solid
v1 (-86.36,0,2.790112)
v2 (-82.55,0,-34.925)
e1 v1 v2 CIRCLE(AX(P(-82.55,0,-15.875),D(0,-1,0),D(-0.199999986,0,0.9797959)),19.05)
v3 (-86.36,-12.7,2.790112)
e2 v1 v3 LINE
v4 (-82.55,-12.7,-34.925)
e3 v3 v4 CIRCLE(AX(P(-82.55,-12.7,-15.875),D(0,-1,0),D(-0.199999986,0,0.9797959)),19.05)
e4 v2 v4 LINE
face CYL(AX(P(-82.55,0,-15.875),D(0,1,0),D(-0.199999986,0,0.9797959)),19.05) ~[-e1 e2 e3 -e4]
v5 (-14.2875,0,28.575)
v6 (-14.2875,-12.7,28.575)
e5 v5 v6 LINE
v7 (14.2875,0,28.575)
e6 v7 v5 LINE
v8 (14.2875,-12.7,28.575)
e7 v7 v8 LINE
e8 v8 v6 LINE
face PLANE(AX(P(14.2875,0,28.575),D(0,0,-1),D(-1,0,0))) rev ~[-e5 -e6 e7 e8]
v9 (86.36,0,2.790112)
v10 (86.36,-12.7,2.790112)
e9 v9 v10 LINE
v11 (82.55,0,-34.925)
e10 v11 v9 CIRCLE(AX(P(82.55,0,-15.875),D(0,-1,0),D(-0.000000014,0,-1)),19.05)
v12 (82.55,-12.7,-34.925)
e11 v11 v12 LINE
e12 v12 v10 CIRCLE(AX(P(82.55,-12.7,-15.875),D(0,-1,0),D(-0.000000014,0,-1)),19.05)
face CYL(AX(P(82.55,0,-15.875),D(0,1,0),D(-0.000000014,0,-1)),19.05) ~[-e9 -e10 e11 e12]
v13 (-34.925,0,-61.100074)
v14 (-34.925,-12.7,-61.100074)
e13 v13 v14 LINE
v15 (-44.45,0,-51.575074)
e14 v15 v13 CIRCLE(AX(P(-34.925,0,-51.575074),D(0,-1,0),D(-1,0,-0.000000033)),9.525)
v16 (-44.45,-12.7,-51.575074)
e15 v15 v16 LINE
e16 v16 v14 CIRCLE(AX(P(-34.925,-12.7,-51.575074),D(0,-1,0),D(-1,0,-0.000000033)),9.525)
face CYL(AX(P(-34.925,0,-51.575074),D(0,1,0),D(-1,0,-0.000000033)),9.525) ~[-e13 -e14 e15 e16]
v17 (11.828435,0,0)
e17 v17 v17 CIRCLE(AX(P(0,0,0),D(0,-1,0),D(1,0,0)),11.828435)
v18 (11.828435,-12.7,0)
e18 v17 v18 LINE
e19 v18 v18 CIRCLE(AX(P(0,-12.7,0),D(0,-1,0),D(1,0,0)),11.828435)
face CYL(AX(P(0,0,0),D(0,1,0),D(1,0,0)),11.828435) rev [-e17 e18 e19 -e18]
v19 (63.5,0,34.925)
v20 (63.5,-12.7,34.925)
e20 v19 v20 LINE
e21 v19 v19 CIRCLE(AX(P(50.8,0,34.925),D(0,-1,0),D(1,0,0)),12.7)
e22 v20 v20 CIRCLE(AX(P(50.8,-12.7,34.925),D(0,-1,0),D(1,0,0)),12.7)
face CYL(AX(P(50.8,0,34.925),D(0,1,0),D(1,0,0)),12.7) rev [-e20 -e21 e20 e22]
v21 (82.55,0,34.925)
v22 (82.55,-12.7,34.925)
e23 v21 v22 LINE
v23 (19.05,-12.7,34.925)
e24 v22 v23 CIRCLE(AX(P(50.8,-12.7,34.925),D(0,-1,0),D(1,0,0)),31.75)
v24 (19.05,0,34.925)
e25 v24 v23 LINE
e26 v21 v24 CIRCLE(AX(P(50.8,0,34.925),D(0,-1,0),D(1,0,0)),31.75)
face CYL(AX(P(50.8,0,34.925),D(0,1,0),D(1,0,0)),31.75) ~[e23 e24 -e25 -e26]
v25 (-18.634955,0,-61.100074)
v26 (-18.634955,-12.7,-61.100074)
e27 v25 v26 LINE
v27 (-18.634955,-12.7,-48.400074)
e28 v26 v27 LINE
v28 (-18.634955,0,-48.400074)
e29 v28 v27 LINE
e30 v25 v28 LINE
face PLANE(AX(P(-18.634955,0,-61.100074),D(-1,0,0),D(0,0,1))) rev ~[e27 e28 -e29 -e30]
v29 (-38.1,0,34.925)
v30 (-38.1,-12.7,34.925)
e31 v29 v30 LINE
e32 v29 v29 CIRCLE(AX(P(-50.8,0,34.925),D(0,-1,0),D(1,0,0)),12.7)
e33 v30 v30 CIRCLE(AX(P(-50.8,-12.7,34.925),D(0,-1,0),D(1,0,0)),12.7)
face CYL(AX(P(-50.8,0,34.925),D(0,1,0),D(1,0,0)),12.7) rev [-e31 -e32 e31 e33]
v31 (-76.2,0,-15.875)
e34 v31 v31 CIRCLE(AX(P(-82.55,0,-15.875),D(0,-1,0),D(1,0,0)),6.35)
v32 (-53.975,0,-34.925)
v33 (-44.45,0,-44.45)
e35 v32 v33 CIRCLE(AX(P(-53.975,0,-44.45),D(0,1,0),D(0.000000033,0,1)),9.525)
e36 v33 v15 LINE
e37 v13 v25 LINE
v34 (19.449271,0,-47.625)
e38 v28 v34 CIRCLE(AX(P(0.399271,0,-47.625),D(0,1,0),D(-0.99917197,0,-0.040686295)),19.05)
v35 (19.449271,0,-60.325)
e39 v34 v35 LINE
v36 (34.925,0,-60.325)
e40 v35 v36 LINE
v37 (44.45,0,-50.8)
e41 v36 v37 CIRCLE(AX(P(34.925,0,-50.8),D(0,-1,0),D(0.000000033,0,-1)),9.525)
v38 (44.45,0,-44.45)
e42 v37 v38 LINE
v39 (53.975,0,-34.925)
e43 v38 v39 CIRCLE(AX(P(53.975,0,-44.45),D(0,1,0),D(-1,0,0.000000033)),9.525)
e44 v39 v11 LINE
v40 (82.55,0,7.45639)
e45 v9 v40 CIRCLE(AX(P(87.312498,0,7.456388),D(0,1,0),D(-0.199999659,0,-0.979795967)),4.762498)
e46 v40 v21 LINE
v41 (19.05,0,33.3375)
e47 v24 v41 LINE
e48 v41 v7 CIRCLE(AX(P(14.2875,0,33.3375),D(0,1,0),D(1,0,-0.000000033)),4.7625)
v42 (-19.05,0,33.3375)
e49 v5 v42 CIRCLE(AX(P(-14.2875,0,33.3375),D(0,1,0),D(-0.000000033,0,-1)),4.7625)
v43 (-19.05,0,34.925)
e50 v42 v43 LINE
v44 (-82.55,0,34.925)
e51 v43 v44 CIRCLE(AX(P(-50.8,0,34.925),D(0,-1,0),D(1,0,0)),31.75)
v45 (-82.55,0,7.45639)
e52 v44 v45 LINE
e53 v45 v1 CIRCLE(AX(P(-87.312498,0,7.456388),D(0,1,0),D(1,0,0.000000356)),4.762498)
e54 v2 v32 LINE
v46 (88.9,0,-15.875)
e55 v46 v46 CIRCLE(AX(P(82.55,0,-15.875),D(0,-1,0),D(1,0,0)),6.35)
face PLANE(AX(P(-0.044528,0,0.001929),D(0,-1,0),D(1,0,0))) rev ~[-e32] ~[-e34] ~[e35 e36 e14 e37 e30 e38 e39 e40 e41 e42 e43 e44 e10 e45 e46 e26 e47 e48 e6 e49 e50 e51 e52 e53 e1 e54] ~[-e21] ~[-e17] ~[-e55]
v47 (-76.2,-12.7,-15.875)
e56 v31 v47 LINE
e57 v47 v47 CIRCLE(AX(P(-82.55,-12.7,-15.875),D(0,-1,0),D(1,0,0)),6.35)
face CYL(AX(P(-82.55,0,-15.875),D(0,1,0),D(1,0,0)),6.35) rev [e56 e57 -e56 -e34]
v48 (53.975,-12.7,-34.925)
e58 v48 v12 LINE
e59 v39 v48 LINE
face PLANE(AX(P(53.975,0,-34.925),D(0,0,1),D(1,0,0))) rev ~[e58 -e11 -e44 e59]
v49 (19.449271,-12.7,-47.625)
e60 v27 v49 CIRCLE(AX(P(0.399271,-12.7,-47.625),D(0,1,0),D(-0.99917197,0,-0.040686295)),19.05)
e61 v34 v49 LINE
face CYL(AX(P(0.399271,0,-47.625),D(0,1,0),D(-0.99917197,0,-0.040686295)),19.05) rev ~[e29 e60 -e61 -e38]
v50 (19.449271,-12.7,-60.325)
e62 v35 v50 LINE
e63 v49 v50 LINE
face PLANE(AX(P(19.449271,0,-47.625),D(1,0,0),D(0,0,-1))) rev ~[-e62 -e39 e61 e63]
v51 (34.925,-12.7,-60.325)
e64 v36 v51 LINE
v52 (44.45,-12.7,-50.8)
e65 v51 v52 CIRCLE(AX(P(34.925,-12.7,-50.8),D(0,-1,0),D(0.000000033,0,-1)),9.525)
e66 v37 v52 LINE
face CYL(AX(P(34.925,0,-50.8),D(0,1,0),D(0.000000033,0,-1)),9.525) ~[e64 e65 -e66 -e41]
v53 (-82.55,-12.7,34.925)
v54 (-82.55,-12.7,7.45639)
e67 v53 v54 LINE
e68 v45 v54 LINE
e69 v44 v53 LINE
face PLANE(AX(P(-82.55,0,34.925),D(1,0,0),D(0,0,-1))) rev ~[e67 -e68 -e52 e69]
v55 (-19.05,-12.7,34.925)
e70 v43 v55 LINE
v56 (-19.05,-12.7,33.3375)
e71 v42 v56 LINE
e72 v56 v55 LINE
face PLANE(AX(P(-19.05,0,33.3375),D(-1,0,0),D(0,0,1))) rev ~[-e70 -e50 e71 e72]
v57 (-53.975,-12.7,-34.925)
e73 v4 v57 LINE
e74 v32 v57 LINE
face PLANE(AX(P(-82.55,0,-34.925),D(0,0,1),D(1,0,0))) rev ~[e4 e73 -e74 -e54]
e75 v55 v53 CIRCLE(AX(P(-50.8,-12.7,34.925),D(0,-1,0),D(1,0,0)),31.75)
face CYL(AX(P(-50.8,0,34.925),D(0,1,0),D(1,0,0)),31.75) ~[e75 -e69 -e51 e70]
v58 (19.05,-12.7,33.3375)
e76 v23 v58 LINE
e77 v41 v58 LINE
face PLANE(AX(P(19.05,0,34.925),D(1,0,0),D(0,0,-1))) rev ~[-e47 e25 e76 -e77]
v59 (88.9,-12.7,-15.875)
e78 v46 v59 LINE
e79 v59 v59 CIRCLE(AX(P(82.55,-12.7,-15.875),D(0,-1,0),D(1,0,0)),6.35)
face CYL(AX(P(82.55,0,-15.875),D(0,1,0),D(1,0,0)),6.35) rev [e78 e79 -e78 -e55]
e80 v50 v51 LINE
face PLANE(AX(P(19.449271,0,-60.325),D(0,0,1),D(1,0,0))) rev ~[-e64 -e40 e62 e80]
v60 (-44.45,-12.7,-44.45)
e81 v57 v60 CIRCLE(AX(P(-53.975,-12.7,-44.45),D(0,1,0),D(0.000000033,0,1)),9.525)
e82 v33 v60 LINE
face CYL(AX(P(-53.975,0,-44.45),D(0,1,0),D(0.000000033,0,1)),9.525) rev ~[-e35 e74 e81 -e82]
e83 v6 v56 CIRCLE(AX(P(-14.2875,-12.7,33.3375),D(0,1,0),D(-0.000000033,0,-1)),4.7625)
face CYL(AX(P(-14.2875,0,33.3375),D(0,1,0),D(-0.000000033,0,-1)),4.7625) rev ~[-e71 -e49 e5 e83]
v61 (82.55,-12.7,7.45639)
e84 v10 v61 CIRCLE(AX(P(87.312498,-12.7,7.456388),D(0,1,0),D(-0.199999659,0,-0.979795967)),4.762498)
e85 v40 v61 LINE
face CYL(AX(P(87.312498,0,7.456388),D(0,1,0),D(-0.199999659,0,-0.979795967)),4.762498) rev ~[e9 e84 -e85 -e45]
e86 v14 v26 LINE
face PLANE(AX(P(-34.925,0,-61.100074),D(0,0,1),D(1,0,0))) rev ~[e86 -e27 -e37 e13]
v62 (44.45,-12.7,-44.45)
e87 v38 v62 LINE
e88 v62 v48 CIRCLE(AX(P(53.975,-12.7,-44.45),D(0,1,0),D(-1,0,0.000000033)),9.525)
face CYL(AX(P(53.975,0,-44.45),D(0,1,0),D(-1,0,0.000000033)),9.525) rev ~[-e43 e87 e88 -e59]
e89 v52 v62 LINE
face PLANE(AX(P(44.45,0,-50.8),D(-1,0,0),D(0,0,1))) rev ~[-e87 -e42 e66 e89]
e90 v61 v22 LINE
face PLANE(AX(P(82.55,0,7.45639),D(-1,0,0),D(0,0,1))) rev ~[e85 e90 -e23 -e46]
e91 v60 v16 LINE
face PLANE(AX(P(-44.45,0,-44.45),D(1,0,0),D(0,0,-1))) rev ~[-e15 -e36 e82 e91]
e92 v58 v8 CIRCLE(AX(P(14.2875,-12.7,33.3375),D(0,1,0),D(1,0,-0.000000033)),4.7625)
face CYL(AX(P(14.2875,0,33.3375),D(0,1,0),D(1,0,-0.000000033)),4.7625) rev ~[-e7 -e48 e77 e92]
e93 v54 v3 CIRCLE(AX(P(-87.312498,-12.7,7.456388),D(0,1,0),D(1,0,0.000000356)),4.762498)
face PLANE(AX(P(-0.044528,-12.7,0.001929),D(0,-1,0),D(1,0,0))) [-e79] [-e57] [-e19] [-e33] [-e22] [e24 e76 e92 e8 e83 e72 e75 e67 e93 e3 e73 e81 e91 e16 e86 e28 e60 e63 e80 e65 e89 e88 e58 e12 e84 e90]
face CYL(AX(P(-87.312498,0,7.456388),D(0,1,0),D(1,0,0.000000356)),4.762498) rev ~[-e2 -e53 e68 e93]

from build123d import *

# Parameters (mm, degrees)
F0_R     = 7.9375
F0_R_2   = 11.828435
F0_R_3   = 12.7
F0_R_4   = 6.35
F1_DEPTH = 12.7


with BuildPart() as f1:
    # F0 (on Front) → F1 (new body)
    with BuildSketch(Plane.XZ):
        with BuildLine():
            Line((82.55, 7.45639), (82.55, 34.925))
            ThreePointArc((82.55, 34.925), (50.8, 66.675), (19.05, 34.925))
            Line((19.05, 34.925), (19.05, 33.3375))
            ThreePointArc((19.05, 33.3375), (17.655096, 29.969904), (14.2875, 28.575))
            Line((14.2875, 28.575), (-14.2875, 28.575))
            ThreePointArc((-14.2875, 28.575), (-17.655096, 29.969904), (-19.05, 33.3375))
            Line((-19.05, 33.3375), (-19.05, 34.925))
            ThreePointArc((-19.05, 34.925), (-50.8, 66.675), (-82.55, 34.925))
            Line((-82.55, 34.925), (-82.55, 7.45639))
            ThreePointArc((-82.55, 7.45639), (-83.623483, 4.44432), (-86.36, 2.790112))
            ThreePointArc((-86.36, 2.790112), (-101.503534, -17.789696), (-82.55, -34.925))
            Line((-82.55, -34.925), (-53.975, -34.925))
            ThreePointArc((-53.975, -34.925), (-47.239808, -37.714808), (-44.45, -44.45))
            Line((-44.45, -44.45), (-44.45, -51.575074))
            ThreePointArc((-44.45, -51.575074), (-41.660192, -58.310266), (-34.925, -61.100074))
            Line((-34.925, -61.100074), (-18.634955, -61.100074))
            Line((-18.634955, -61.100074), (-18.634955, -48.400074))
            ThreePointArc((-18.634955, -48.400074), (0.011654, -28.578944), (19.449271, -47.625))
            Line((19.449271, -47.625), (19.449271, -60.325))
            Line((19.449271, -60.325), (34.925, -60.325))
            ThreePointArc((34.925, -60.325), (41.660192, -57.535192), (44.45, -50.8))
            Line((44.45, -50.8), (44.45, -44.45))
            ThreePointArc((44.45, -44.45), (47.239808, -37.714808), (53.975, -34.925))
            Line((53.975, -34.925), (82.55, -34.925))
            ThreePointArc((82.55, -34.925), (101.503534, -17.789696), (86.36, 2.790112))
            ThreePointArc((86.36, 2.790112), (83.623483, 4.44432), (82.55, 7.45639))
        make_face()
        with Locations((-82.55, -15.875)):
            Circle(F0_R, mode=Mode.SUBTRACT)
        Circle(F0_R_2, mode=Mode.SUBTRACT)
        with Locations((82.55, -15.875)):
            Circle(F0_R, mode=Mode.SUBTRACT)
        with Locations((-50.8, 34.925)):
            Circle(F0_R_3, mode=Mode.SUBTRACT)
        with Locations((50.8, 34.925)):
            Circle(F0_R_3, mode=Mode.SUBTRACT)
        with Locations((-82.55, -15.875)):
            Circle(F0_R)
        with Locations((-82.55, -15.875)):
            Circle(F0_R_4, mode=Mode.SUBTRACT)
        with Locations((82.55, -15.875)):
            Circle(F0_R)
        with Locations((82.55, -15.875)):
            Circle(F0_R_4, mode=Mode.SUBTRACT)
    extrude(amount=F1_DEPTH)


solid = f1.part
